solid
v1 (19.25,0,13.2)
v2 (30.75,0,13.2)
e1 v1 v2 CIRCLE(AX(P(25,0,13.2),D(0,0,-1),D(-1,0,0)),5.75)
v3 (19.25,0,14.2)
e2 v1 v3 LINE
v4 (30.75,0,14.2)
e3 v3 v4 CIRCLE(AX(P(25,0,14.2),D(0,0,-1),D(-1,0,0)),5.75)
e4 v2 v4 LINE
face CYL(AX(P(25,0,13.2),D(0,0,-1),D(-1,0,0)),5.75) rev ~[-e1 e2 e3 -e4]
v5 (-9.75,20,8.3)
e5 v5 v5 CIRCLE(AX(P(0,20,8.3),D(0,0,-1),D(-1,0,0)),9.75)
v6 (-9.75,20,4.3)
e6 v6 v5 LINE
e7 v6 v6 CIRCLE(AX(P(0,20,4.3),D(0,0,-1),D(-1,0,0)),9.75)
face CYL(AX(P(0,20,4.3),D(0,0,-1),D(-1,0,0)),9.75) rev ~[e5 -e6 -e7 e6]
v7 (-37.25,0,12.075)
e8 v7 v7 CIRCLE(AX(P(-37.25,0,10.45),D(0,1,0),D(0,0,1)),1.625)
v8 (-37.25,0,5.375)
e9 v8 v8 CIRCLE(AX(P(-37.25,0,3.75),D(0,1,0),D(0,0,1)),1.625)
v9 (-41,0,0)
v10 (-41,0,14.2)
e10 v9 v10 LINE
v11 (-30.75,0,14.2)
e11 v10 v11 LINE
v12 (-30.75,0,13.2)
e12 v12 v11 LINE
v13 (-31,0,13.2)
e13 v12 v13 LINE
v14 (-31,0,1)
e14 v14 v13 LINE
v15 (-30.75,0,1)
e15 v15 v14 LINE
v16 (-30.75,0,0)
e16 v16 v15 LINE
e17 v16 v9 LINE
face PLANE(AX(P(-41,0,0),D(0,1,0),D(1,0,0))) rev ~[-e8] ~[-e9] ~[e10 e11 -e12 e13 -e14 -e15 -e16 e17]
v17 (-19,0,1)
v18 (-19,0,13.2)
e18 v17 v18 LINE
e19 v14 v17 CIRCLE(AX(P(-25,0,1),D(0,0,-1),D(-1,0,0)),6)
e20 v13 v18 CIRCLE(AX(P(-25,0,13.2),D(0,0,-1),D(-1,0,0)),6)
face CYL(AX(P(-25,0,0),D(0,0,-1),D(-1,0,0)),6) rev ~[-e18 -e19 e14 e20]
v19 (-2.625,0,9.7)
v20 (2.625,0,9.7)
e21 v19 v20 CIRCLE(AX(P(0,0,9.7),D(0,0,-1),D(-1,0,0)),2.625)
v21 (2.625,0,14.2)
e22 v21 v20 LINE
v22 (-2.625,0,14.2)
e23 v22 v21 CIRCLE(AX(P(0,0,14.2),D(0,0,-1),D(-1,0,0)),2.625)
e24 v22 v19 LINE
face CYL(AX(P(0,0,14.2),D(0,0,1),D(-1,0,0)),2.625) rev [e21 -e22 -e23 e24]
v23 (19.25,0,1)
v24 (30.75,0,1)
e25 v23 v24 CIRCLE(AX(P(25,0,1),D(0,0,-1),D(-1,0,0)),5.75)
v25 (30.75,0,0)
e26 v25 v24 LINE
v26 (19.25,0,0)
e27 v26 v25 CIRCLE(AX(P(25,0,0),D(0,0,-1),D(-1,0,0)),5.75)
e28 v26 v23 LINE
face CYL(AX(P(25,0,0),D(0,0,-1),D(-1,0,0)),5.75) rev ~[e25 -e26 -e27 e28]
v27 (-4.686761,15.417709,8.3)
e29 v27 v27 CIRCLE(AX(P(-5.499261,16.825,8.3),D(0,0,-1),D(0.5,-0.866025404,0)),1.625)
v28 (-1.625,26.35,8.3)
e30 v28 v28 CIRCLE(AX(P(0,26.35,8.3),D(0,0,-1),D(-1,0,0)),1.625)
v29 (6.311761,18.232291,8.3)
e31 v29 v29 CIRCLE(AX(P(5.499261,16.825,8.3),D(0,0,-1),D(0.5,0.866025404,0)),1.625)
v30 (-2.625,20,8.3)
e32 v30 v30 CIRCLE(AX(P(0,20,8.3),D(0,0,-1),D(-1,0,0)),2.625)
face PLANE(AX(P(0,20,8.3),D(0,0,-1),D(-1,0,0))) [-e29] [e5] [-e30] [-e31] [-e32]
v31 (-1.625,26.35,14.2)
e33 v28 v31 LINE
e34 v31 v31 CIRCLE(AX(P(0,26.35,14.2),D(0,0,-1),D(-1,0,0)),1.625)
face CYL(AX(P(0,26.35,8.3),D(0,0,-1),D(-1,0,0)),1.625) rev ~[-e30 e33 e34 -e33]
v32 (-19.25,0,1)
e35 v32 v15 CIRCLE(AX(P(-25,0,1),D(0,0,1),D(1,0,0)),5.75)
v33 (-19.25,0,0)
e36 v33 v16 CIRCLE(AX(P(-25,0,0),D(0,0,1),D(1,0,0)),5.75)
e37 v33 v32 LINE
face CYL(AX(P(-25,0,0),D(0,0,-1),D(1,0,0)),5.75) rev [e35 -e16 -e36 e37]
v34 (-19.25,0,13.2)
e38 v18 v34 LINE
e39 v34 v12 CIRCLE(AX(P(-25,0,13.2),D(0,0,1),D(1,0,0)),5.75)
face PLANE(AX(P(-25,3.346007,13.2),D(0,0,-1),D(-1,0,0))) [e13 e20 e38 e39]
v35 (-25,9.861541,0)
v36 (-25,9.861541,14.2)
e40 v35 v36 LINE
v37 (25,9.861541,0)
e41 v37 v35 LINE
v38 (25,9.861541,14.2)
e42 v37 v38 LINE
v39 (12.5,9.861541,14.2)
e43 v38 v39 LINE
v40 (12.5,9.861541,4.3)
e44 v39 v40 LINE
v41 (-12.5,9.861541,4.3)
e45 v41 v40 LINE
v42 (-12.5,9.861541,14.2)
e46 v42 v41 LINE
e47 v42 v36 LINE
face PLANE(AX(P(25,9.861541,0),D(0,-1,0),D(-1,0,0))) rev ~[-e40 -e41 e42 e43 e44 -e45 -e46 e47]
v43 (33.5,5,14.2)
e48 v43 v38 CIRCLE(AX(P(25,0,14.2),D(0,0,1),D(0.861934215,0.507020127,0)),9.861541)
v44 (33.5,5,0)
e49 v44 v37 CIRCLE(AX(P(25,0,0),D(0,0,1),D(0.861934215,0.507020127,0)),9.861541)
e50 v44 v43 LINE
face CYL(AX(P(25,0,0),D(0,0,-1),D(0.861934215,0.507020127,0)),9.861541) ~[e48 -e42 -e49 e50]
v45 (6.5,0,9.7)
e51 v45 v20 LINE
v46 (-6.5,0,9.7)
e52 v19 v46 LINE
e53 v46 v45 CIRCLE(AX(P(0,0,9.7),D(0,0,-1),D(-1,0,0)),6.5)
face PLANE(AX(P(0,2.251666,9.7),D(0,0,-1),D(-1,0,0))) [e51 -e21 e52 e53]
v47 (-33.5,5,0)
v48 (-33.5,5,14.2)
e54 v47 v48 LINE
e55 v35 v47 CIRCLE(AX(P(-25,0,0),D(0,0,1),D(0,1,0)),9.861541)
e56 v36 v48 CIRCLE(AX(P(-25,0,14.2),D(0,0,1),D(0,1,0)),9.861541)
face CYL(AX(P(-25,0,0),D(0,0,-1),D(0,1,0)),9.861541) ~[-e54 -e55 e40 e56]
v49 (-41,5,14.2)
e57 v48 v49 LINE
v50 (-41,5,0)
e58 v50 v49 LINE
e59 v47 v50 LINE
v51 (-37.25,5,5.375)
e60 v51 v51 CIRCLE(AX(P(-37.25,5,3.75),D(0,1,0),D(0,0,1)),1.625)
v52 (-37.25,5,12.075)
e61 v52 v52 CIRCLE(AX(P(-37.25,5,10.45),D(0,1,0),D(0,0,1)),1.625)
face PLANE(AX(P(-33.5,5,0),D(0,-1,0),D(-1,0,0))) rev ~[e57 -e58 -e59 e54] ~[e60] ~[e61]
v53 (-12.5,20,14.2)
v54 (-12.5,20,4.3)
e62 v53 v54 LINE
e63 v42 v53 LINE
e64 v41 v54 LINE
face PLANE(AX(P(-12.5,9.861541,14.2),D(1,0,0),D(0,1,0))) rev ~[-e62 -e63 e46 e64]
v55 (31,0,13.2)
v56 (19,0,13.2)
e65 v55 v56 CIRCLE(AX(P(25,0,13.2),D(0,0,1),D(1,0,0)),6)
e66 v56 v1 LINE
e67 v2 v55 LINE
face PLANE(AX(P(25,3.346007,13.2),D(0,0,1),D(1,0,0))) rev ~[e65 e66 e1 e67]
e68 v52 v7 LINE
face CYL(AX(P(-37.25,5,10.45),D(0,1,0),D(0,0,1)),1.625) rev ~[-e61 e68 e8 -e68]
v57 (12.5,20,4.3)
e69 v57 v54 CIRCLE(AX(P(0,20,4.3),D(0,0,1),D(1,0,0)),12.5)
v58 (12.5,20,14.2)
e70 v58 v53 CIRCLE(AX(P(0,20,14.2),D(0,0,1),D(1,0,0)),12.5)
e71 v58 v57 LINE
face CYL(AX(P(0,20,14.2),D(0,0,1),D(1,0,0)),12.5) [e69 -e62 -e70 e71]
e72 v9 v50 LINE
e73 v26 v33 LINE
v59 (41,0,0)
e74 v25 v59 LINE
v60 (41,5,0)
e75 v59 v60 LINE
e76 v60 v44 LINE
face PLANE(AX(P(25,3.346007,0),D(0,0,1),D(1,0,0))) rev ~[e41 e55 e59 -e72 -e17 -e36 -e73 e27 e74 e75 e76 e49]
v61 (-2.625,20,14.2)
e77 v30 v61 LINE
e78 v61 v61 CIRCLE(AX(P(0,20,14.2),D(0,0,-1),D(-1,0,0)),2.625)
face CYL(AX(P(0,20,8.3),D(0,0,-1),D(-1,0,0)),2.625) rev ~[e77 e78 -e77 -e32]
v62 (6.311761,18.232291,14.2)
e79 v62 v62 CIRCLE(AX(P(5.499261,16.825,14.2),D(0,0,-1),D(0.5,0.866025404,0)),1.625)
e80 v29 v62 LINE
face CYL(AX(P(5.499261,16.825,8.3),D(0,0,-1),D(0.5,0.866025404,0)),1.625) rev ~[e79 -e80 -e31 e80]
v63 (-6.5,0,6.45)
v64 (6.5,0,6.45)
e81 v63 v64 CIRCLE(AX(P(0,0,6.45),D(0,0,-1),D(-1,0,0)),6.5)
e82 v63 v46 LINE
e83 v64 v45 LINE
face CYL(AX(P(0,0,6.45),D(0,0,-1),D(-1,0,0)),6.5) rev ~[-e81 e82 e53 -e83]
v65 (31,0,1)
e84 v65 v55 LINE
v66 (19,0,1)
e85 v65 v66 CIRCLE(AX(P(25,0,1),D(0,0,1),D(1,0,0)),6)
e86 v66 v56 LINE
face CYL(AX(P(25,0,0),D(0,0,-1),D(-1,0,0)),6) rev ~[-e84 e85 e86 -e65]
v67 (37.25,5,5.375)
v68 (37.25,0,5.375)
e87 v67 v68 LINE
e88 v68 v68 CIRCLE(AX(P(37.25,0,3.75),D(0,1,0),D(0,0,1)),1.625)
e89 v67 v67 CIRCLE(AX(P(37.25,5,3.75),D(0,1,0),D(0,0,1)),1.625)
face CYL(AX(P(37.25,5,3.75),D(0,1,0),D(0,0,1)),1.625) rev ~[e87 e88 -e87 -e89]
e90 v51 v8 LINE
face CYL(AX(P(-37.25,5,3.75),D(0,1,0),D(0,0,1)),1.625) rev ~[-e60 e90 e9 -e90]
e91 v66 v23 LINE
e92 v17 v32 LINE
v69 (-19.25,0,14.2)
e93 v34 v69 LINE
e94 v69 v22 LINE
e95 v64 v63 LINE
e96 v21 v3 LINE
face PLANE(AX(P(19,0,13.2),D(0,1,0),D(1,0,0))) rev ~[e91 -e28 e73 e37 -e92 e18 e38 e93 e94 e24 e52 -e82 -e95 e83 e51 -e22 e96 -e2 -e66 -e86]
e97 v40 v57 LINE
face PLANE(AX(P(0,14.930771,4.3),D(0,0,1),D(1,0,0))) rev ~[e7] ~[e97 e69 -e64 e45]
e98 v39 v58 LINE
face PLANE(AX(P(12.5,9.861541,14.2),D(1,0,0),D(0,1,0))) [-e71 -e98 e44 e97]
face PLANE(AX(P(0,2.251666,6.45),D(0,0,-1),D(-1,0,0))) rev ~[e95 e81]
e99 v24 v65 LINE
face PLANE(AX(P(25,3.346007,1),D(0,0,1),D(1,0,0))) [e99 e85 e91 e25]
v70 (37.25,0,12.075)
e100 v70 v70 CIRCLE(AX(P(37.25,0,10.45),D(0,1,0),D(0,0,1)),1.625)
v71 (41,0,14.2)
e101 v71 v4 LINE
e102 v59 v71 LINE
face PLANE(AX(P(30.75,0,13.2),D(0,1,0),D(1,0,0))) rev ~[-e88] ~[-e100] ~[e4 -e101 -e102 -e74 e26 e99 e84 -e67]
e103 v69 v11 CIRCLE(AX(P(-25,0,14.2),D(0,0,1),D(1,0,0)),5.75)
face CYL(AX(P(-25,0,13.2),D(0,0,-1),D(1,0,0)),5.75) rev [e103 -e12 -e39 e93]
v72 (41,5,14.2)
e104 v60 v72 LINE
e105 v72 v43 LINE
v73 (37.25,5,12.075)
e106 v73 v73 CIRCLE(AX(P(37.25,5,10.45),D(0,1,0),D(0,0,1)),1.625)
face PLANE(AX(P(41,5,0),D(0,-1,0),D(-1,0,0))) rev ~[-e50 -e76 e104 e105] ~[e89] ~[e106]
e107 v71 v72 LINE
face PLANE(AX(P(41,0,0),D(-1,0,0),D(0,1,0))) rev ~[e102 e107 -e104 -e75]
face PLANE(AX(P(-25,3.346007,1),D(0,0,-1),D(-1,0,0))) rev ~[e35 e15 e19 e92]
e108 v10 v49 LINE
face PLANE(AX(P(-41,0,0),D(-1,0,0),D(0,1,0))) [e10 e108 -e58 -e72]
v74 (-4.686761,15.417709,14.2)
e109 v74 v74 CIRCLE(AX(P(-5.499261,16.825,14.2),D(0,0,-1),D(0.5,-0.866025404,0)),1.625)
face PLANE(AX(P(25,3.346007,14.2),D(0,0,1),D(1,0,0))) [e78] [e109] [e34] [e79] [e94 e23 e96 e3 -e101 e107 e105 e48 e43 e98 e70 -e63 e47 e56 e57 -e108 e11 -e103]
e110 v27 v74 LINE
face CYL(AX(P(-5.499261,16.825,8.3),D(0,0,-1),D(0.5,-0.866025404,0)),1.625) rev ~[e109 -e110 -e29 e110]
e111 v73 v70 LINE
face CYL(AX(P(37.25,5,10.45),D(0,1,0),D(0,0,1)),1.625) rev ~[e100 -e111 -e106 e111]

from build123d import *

# Parameters (mm, degrees)
SKETCH1_W           = 82
SKETCH1_H           = 25
BOSS_EXTRUDE1_DEPTH = 14.2
CUT_EXTRUDE3_DEPTH  = 14.2
BOSS_EXTRUDE2_DEPTH = 1
BOSS_EXTRUDE3_START = -13.2
BOSS_EXTRUDE3_DEPTH = 1
CUT_EXTRUDE4_START  = -6.45
CUT_EXTRUDE4_DEPTH  = 3.25
CUT_EXTRUDE5_DEPTH  = 4.5
CUT_EXTRUDE6_DEPTH  = 14.2
SKETCH8_R           = 1.625
CUT_EXTRUDE7_DEPTH  = 5
SKETCH10_W          = 25
SKETCH10_H          = 10.138458538
BOSS_EXTRUDE4_DEPTH = 9.9
SKETCH11_R          = 9.75
CUT_EXTRUDE8_DEPTH  = 4
SKETCH12_R          = 1.625
CUT_EXTRUDE9_DEPTH  = 5.9
CIRPATTERN1_COUNT   = 3
SKETCH13_R          = 2.625
CUT_EXTRUDE10_DEPTH = 5.9


with BuildPart() as part:
    # Sketch1 → Boss-Extrude1 (new body)
    with BuildSketch(Plane.XY):
        with Locations((0, 12.5)):
            Rectangle(SKETCH1_W, SKETCH1_H)
    extrude(amount=BOSS_EXTRUDE1_DEPTH)

    # Sketch2 → Cut-Extrude3 (cut)
    with BuildSketch(Plane(origin=(0, 0, 0), x_dir=(-1, 0, 0), z_dir=(0, 0, -1))):
        with BuildLine():
            Line((-31, 0), (-19, 0))
            ThreePointArc((-19, 0), (-25, 6), (-31, 0))
        make_face()
        with BuildLine():
            Line((19, 0), (31, 0))
            ThreePointArc((31, 0), (25, 6), (19, 0))
        make_face()
    extrude(amount=-CUT_EXTRUDE3_DEPTH, mode=Mode.SUBTRACT)

    # Sketch4 → Boss-Extrude2 (add)
    with BuildSketch(Plane(origin=(0, 0, 0), x_dir=(-1, 0, 0), z_dir=(0, 0, -1))):
        with BuildLine():
            Line((-30.75, 0), (-31, 0))
            ThreePointArc((-31, 0), (-25, 6), (-19, 0))
            Line((-19, 0), (-19.25, 0))
            ThreePointArc((-19.25, 0), (-25, 5.75), (-30.75, 0))
        make_face()
        with BuildLine():
            Line((19, 0), (19.25, 0))
            ThreePointArc((19.25, 0), (25, 5.75), (30.75, 0))
            Line((30.75, 0), (31, 0))
            ThreePointArc((31, 0), (25, 6), (19, 0))
        make_face()
    extrude(amount=-BOSS_EXTRUDE2_DEPTH)

    # Sketch4<2> → Boss-Extrude3 (add)
    with BuildSketch(Plane(origin=(0, 0, 0), x_dir=(-1, 0, 0), z_dir=(0, 0, -1)).offset(BOSS_EXTRUDE3_START)):
        with BuildLine():
            Line((-30.75, 0), (-31, 0))
            ThreePointArc((-31, 0), (-25, 6), (-19, 0))
            Line((-19, 0), (-19.25, 0))
            ThreePointArc((-19.25, 0), (-25, 5.75), (-30.75, 0))
        make_face()
        with BuildLine():
            Line((19, 0), (19.25, 0))
            ThreePointArc((19.25, 0), (25, 5.75), (30.75, 0))
            Line((30.75, 0), (31, 0))
            ThreePointArc((31, 0), (25, 6), (19, 0))
        make_face()
    extrude(amount=-BOSS_EXTRUDE3_DEPTH)

    # Sketch5 → Cut-Extrude4 (cut)
    with BuildSketch(Plane(origin=(0, 0, 0), x_dir=(-1, 0, 0), z_dir=(0, 0, -1)).offset(CUT_EXTRUDE4_START)):
        with BuildLine():
            Line((-6.5, 0), (6.5, 0))
            ThreePointArc((6.5, 0), (0, 6.5), (-6.5, 0))
        make_face()
    extrude(amount=-CUT_EXTRUDE4_DEPTH, mode=Mode.SUBTRACT)

    # Sketch6 → Cut-Extrude5 (cut)
    with BuildSketch(Plane(origin=(0, 0, 14.2), x_dir=(-1, 0, 0), z_dir=(0, 0, -1))):
        with BuildLine():
            Line((-2.625, 0), (2.625, 0))
            ThreePointArc((2.625, 0), (0, 2.625), (-2.625, 0))
        make_face()
    extrude(amount=CUT_EXTRUDE5_DEPTH, mode=Mode.SUBTRACT)

    # Sketch7 → Cut-Extrude6 (cut)
    with BuildSketch(Plane(origin=(0, 0, 0), x_dir=(-1, 0, 0), z_dir=(0, 0, -1))):
        with BuildLine():
            Line((-41, 5), (-33.5, 5))
            ThreePointArc((-33.5, 5), (-29.896033736, 8.560306867), (-25, 9.861541462))
            Line((-25, 9.861541462), (25, 9.861541462))
            ThreePointArc((25, 9.861541462), (29.896033736, 8.560306867), (33.5, 5))
            Line((33.5, 5), (41, 5))
            Line((41, 5), (41, 25))
            Line((41, 25), (-41, 25))
            Line((-41, 25), (-41, 5))
        make_face()
    extrude(amount=-CUT_EXTRUDE6_DEPTH, mode=Mode.SUBTRACT)

    # Sketch8 → Cut-Extrude7 (cut)
    with BuildSketch(Plane(origin=(0, 5, 0), x_dir=(1, 0, 0), z_dir=(0, 1, 0))):
        with Locations(Location((37.25, -3.75, 0), (0, 0, 270))):
            Circle(SKETCH8_R)
        with Locations(Location((37.25, -10.45, 0), (0, 0, 270))):
            Circle(SKETCH8_R)
        with Locations(Location((-37.25, -3.75, 0), (0, 0, 270))):
            Circle(SKETCH8_R)
        with Locations(Location((-37.25, -10.45, 0), (0, 0, 270))):
            Circle(SKETCH8_R)
    extrude(amount=-CUT_EXTRUDE7_DEPTH, mode=Mode.SUBTRACT)

    # Sketch10 → Boss-Extrude4 (add)
    with BuildSketch(Plane.XY.offset(14.2)):
        with Locations((0, 14.930770731)):
            Rectangle(SKETCH10_W, SKETCH10_H)
        with BuildLine():
            Line((-12.5, 20), (12.5, 20))
            ThreePointArc((12.5, 20), (0, 32.5), (-12.5, 20))
        make_face()
    extrude(amount=-BOSS_EXTRUDE4_DEPTH)

    # Sketch11 → Cut-Extrude8 (cut)
    with BuildSketch(Plane(origin=(0, 0, 4.3), x_dir=(-1, 0, 0), z_dir=(0, 0, -1))):
        with Locations((0, 20)):
            Circle(SKETCH11_R)
    extrude(amount=-CUT_EXTRUDE8_DEPTH, mode=Mode.SUBTRACT)

    # Sketch12 → Cut-Extrude9 (cut)
    with BuildSketch(Plane(origin=(0, 0, 8.3), x_dir=(-1, 0, 0), z_dir=(0, 0, -1))):
        with Locations((0, 26.35)):
            Circle(SKETCH12_R)
    cut_extrude9 = extrude(amount=-CUT_EXTRUDE9_DEPTH, mode=Mode.SUBTRACT)

    # CirPattern1: Cut-Extrude9 ×3 about axis
    cirpattern1_axis = Axis((0, 20, 0), (0, 0, 1))
    for i in range(1, CIRPATTERN1_COUNT):
        add(cut_extrude9.rotate(cirpattern1_axis, i * 360 / CIRPATTERN1_COUNT), mode=Mode.SUBTRACT)

    # Sketch13 → Cut-Extrude10 (cut)
    with BuildSketch(Plane(origin=(0, 0, 8.3), x_dir=(-1, 0, 0), z_dir=(0, 0, -1))):
        with Locations((0, 20)):
            Circle(SKETCH13_R)
    extrude(amount=-CUT_EXTRUDE10_DEPTH, mode=Mode.SUBTRACT)


solid = part.part
